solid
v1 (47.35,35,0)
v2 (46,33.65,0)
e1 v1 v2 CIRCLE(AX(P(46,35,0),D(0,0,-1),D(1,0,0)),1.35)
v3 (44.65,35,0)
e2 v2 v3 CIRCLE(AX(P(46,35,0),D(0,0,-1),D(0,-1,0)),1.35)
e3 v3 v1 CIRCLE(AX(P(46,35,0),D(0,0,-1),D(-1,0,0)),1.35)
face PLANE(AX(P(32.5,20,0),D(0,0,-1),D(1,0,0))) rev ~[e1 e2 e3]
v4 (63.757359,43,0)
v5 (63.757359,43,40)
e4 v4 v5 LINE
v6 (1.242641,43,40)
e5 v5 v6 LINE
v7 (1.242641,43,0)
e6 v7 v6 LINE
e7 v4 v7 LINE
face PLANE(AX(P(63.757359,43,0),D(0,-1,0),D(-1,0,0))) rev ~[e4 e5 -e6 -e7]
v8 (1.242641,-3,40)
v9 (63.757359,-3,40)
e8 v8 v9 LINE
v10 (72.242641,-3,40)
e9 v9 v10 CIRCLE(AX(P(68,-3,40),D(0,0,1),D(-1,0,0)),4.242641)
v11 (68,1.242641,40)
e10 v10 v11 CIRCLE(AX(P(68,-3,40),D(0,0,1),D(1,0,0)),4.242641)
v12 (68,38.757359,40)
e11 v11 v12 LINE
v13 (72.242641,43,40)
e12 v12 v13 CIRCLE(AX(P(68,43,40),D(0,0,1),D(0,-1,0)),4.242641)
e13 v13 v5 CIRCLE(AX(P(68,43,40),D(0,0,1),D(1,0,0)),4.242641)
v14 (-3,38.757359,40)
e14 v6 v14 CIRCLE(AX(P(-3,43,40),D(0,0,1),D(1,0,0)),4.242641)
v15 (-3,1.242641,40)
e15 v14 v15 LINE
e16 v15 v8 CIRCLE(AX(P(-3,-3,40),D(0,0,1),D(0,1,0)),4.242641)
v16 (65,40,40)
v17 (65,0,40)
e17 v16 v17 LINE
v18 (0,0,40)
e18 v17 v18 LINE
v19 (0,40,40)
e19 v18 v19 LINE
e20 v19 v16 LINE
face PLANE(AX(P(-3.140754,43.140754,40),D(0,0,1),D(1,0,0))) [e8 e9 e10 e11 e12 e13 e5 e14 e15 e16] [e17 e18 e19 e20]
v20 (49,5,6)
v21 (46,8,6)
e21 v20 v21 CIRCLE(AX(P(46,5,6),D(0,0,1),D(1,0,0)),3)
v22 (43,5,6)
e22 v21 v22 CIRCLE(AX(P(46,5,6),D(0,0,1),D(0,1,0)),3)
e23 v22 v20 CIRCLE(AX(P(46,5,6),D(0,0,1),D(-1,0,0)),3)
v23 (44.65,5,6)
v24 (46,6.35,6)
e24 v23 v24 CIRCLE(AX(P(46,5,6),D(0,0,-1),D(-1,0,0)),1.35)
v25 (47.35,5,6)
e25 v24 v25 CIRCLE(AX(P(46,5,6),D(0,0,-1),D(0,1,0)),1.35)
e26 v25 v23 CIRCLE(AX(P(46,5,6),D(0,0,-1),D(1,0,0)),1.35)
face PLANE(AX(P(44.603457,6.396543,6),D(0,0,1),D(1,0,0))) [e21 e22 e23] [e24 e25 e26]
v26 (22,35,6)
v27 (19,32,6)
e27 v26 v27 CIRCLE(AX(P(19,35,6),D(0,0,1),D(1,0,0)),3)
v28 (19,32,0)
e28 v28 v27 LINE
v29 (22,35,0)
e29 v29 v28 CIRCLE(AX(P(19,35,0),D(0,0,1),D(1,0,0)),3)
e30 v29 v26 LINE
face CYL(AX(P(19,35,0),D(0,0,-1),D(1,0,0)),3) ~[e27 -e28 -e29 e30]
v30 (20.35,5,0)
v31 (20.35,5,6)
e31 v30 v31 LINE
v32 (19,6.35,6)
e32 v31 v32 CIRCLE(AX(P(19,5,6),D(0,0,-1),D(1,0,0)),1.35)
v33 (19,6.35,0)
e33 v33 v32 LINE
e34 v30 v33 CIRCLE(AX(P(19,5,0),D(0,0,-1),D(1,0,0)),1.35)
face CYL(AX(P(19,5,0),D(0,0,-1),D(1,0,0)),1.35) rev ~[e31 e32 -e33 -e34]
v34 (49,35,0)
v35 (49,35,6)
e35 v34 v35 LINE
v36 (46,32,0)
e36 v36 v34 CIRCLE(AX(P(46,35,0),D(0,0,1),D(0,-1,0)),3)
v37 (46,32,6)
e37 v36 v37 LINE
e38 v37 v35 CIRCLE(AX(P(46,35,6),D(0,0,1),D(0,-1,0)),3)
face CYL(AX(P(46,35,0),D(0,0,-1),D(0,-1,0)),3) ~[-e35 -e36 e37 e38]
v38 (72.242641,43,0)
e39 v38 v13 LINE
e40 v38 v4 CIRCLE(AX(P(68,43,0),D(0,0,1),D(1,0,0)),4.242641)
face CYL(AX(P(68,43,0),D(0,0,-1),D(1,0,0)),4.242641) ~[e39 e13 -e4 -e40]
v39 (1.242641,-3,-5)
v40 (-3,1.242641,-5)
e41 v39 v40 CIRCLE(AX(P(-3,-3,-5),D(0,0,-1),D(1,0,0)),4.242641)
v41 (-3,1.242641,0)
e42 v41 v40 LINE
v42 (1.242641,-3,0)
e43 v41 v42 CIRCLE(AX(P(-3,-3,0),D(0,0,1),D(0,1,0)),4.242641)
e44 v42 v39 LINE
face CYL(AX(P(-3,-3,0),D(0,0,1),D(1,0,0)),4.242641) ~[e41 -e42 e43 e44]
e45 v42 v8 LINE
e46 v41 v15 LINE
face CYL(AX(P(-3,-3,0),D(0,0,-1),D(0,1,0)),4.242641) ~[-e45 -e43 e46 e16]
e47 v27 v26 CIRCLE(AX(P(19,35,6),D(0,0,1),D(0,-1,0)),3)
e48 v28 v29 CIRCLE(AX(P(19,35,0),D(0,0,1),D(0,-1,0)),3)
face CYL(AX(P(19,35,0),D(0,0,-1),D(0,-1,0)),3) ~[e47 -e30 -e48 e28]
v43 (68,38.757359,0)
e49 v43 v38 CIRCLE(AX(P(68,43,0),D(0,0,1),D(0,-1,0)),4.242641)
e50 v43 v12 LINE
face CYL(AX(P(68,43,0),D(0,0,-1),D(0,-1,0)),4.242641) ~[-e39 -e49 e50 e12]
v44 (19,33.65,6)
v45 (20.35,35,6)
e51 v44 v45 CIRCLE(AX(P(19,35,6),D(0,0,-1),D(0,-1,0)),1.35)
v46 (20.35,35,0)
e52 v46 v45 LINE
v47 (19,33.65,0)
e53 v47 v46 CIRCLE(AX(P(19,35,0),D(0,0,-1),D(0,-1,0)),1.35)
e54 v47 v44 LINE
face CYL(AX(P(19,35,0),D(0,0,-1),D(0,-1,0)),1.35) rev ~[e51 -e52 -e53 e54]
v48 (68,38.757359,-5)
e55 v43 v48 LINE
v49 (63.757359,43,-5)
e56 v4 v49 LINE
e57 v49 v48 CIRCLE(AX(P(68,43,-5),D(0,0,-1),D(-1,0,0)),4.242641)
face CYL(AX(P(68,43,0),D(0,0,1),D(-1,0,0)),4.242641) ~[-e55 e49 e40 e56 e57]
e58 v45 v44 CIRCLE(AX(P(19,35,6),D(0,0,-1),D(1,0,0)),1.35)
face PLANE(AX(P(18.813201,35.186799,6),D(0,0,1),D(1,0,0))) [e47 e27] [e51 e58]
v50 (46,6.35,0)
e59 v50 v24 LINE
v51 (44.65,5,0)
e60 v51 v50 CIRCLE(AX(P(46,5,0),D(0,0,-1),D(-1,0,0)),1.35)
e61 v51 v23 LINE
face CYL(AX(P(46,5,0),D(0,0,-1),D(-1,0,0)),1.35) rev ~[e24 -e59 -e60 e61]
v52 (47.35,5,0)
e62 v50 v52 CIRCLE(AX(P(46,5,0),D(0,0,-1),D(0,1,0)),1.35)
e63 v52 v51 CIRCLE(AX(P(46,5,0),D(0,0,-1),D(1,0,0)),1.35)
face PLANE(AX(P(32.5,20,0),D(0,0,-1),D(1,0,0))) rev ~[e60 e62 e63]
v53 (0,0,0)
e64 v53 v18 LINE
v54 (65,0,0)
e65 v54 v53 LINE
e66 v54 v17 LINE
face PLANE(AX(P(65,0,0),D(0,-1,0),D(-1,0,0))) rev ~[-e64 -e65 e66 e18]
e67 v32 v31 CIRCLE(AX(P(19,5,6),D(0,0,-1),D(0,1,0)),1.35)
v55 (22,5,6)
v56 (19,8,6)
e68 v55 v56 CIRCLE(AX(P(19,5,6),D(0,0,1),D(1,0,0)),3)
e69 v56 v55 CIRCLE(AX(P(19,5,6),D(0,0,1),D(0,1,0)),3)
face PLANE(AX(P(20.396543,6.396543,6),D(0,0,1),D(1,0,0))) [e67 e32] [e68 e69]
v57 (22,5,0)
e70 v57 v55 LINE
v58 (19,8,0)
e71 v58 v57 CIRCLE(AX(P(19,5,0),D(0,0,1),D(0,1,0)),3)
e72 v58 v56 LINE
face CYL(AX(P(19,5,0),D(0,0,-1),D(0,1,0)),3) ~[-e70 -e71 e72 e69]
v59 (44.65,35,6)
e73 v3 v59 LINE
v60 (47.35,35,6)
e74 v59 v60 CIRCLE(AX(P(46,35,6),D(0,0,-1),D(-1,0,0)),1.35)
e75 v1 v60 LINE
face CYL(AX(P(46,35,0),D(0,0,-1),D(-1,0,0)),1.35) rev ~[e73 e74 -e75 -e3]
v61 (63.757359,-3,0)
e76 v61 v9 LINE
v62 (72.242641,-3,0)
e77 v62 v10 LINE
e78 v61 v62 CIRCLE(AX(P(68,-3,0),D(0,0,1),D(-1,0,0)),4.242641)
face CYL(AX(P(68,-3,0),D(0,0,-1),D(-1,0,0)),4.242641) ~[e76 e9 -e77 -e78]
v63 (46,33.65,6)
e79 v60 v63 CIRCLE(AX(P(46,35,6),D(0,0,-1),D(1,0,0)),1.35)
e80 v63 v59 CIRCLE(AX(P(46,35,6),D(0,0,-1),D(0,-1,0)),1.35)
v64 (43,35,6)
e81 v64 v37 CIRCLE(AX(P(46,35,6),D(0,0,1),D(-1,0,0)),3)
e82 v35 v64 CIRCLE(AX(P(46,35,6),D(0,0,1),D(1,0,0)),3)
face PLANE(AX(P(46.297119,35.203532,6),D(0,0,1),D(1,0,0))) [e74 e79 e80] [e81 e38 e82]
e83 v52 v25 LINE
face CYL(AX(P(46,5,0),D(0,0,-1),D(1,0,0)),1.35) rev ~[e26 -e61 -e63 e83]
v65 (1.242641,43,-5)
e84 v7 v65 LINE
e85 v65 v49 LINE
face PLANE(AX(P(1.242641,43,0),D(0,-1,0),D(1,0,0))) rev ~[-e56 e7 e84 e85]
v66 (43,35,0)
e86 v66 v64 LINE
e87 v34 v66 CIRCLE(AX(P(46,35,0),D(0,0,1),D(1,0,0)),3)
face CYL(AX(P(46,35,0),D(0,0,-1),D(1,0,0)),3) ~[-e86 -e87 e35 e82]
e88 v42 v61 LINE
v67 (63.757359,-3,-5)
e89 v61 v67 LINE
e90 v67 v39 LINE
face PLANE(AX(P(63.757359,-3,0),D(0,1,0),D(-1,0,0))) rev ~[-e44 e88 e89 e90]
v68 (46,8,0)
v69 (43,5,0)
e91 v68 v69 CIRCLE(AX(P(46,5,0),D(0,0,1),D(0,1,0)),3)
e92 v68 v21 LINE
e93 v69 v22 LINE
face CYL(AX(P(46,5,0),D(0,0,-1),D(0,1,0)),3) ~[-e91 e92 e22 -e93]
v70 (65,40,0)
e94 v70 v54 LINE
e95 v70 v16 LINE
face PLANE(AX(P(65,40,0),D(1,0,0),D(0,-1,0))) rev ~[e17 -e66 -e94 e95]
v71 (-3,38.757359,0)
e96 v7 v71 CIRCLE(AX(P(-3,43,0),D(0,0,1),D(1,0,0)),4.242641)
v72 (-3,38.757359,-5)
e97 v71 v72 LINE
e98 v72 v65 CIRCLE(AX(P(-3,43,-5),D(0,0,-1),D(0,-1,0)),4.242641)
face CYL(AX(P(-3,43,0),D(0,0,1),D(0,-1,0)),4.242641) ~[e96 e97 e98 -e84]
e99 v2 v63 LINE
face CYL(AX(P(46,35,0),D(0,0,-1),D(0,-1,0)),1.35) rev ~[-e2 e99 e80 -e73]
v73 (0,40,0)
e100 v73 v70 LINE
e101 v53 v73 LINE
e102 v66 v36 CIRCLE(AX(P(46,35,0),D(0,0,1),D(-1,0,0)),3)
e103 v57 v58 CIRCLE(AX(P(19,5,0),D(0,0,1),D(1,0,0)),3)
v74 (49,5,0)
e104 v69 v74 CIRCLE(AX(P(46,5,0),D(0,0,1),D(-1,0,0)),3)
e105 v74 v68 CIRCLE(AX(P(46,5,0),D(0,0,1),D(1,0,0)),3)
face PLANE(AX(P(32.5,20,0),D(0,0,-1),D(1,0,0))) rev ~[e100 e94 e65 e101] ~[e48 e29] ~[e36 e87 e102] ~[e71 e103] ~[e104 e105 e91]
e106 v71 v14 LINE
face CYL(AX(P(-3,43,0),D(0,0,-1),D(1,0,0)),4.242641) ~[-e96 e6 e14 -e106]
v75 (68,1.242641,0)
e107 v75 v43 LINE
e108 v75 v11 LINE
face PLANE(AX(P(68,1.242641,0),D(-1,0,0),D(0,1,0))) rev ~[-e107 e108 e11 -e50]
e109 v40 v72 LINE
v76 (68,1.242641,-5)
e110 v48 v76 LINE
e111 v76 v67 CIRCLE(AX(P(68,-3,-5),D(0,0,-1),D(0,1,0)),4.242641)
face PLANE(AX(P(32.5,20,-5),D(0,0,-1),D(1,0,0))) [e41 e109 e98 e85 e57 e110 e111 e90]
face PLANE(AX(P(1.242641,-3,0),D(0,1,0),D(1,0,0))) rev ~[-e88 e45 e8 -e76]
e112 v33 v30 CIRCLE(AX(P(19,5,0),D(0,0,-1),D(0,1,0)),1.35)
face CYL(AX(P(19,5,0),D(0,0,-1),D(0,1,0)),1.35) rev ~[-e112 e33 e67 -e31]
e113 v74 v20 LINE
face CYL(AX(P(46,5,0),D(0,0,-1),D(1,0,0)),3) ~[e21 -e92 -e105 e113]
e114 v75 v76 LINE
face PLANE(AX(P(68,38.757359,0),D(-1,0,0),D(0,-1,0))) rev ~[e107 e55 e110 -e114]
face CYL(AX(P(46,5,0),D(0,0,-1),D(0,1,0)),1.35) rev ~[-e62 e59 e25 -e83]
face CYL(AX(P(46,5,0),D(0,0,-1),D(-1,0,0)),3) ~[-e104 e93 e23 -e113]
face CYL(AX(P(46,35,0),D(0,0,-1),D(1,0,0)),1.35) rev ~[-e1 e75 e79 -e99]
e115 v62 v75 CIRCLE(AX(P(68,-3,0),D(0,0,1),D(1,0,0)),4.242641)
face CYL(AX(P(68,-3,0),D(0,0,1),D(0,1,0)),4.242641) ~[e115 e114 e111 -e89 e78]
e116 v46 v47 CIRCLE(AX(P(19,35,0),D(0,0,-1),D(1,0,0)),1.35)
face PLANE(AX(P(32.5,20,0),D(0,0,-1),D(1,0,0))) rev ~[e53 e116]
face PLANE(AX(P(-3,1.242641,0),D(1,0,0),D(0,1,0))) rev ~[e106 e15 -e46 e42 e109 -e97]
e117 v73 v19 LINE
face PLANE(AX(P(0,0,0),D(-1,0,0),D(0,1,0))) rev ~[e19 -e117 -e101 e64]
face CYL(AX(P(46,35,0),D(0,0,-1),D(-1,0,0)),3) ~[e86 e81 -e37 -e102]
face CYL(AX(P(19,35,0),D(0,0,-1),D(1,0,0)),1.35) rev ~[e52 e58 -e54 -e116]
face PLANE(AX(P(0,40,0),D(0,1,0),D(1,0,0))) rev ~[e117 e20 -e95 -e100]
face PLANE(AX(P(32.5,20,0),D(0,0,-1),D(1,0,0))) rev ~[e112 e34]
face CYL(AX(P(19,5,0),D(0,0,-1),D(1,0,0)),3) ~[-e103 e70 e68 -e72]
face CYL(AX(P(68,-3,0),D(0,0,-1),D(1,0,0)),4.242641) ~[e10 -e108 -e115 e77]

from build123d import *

# Parameters (mm, degrees)
F1_DEPTH = 40
F2_W     = 65
F2_H     = 40
F3_DEPTH = 5
F5_DEPTH = 6


with BuildPart() as f1:
    # F0 (on Top) → F1 (new body)
    with BuildSketch(Plane.XY):
        with BuildLine():
            Line((-3, 43), (1.2426406871, 43))
            ThreePointArc((1.2426406871, 43), (-6, 46), (-3, 38.7573593129))
            Line((-3, 38.7573593129), (-3, 43))
        make_face()
        with BuildLine():
            ThreePointArc((-3, 38.7573593129), (-1.3764116996, 39.0803111054), (0, 40))
            ThreePointArc((0, 40), (0.9196888946, 41.3764116996), (1.2426406871, 43))
            Line((1.2426406871, 43), (-3, 43))
            Line((-3, 43), (-3, 38.7573593129))
        make_face()
        with BuildLine():
            ThreePointArc((-3, 1.2426406871), (-1.3764116996, 0.9196888946), (0, 0))
            Line((0, 0), (0, 40))
            ThreePointArc((0, 40), (-1.3764116996, 39.0803111054), (-3, 38.7573593129))
            Line((-3, 38.7573593129), (-3, 1.2426406871))
        make_face()
        with BuildLine():
            ThreePointArc((1.2426406871, 43), (0.9196888946, 41.3764116996), (0, 40))
            Line((0, 40), (65, 40))
            ThreePointArc((65, 40), (64.0803111054, 41.3764116996), (63.7573593129, 43))
            Line((63.7573593129, 43), (1.2426406871, 43))
        make_face()
        with BuildLine():
            ThreePointArc((72.2426406871, 43), (68, 47.2426406871), (63.7573593129, 43))
            Line((63.7573593129, 43), (68, 43))
            Line((68, 43), (68, 38.7573593129))
            ThreePointArc((68, 38.7573593129), (71, 40), (72.2426406871, 43))
        make_face()
        with BuildLine():
            ThreePointArc((63.7573593129, 43), (64.0803111054, 41.3764116996), (65, 40))
            ThreePointArc((65, 40), (66.3764116996, 39.0803111054), (68, 38.7573593129))
            Line((68, 38.7573593129), (68, 43))
            Line((68, 43), (63.7573593129, 43))
        make_face()
        with BuildLine():
            ThreePointArc((72.2426406871, -3), (71, 0), (68, 1.2426406871))
            Line((68, 1.2426406871), (68, -3))
            Line((68, -3), (63.7573593129, -3))
            ThreePointArc((63.7573593129, -3), (68, -7.2426406871), (72.2426406871, -3))
        make_face()
        with BuildLine():
            ThreePointArc((68, 1.2426406871), (66.3764116996, 0.9196888946), (65, 0))
            ThreePointArc((65, 0), (64.0803111054, -1.3764116996), (63.7573593129, -3))
            Line((63.7573593129, -3), (68, -3))
            Line((68, -3), (68, 1.2426406871))
        make_face()
        with BuildLine():
            ThreePointArc((-3, 1.2426406871), (-6, -6), (1.2426406871, -3))
            Line((1.2426406871, -3), (-3, -3))
            Line((-3, -3), (-3, 1.2426406871))
        make_face()
        with BuildLine():
            ThreePointArc((1.2426406871, -3), (0.9196888946, -1.3764116996), (0, 0))
            ThreePointArc((0, 0), (-1.3764116996, 0.9196888946), (-3, 1.2426406871))
            Line((-3, 1.2426406871), (-3, -3))
            Line((-3, -3), (1.2426406871, -3))
        make_face()
        with BuildLine():
            Line((65, 0), (0, 0))
            ThreePointArc((0, 0), (0.9196888946, -1.3764116996), (1.2426406871, -3))
            Line((1.2426406871, -3), (63.7573593129, -3))
            ThreePointArc((63.7573593129, -3), (64.0803111054, -1.3764116996), (65, 0))
        make_face()
        with BuildLine():
            Line((65, 40), (65, 0))
            ThreePointArc((65, 0), (66.3764116996, 0.9196888946), (68, 1.2426406871))
            Line((68, 1.2426406871), (68, 38.7573593129))
            ThreePointArc((68, 38.7573593129), (66.3764116996, 39.0803111054), (65, 40))
        make_face()
    extrude(amount=F1_DEPTH)

    # F2 (on face) → F3 (join)
    with BuildSketch(Plane(origin=(0, 0, 0), x_dir=(1, 0, 0), z_dir=(0, 0, -1))):
        with BuildLine():
            Line((-3, -1.2426406871), (-3, -38.7573593129))
            ThreePointArc((-3, -38.7573593129), (-6, -46), (1.2426406871, -43))
            Line((1.2426406871, -43), (63.7573593129, -43))
            ThreePointArc((63.7573593129, -43), (71, -46), (68, -38.7573593129))
            Line((68, -38.7573593129), (68, -1.2426406871))
            ThreePointArc((68, -1.2426406871), (71, 6), (63.7573593129, 3))
            Line((63.7573593129, 3), (1.2426406871, 3))
            ThreePointArc((1.2426406871, 3), (-6, 6), (-3, -1.2426406871))
        make_face()
        with Locations((32.5, -20)):
            Rectangle(F2_W, F2_H, mode=Mode.SUBTRACT)
        with Locations((32.5, -20)):
            Rectangle(F2_W, F2_H)
    extrude(amount=F3_DEPTH)

    # F4 (on face) → F5 (join)
    with BuildSketch(Plane.XY):
        with BuildLine():
            ThreePointArc((22, 35), (16.8786796564, 37.1213203436), (19, 32))
            Line((19, 32), (19, 33.65))
            ThreePointArc((19, 33.65), (18.0454058454, 35.9545941546), (20.35, 35))
            Line((20.35, 35), (22, 35))
        make_face()
        with BuildLine():
            Line((19, 33.65), (19, 32))
            ThreePointArc((19, 32), (21.1213203436, 32.8786796564), (22, 35))
            Line((22, 35), (20.35, 35))
            ThreePointArc((20.35, 35), (19.9545941546, 34.0454058454), (19, 33.65))
        make_face()
        with BuildLine():
            Line((46, 33.65), (46, 32))
            ThreePointArc((46, 32), (48.1213203436, 32.8786796564), (49, 35))
            ThreePointArc((49, 35), (46, 38), (43, 35))
            Line((43, 35), (44.65, 35))
            ThreePointArc((44.65, 35), (46, 36.35), (47.35, 35))
            ThreePointArc((47.35, 35), (46.9545941546, 34.0454058454), (46, 33.65))
        make_face()
        with BuildLine():
            ThreePointArc((43, 35), (43.8786796564, 32.8786796564), (46, 32))
            Line((46, 32), (46, 33.65))
            ThreePointArc((46, 33.65), (45.0454058454, 34.0454058454), (44.65, 35))
            Line((44.65, 35), (43, 35))
        make_face()
        with BuildLine():
            ThreePointArc((19, 6.35), (19.9545941546, 5.9545941546), (20.35, 5))
            Line((20.35, 5), (22, 5))
            ThreePointArc((22, 5), (21.1213203436, 7.1213203436), (19, 8))
            Line((19, 8), (19, 6.35))
        make_face()
        with BuildLine():
            Line((22, 5), (20.35, 5))
            ThreePointArc((20.35, 5), (18.0454058454, 4.0454058454), (19, 6.35))
            Line((19, 6.35), (19, 8))
            ThreePointArc((19, 8), (16.8786796564, 2.8786796564), (22, 5))
        make_face()
        with BuildLine():
            ThreePointArc((46, 8), (43.8786796564, 7.1213203436), (43, 5))
            Line((43, 5), (44.65, 5))
            ThreePointArc((44.65, 5), (45.0454058454, 5.9545941546), (46, 6.35))
            Line((46, 6.35), (46, 8))
        make_face()
        with BuildLine():
            Line((44.65, 5), (43, 5))
            ThreePointArc((43, 5), (46, 2), (49, 5))
            ThreePointArc((49, 5), (48.1213203436, 7.1213203436), (46, 8))
            Line((46, 8), (46, 6.35))
            ThreePointArc((46, 6.35), (46.9545941546, 5.9545941546), (47.35, 5))
            ThreePointArc((47.35, 5), (46, 3.65), (44.65, 5))
        make_face()
    extrude(amount=F5_DEPTH)


solid = f1.part
